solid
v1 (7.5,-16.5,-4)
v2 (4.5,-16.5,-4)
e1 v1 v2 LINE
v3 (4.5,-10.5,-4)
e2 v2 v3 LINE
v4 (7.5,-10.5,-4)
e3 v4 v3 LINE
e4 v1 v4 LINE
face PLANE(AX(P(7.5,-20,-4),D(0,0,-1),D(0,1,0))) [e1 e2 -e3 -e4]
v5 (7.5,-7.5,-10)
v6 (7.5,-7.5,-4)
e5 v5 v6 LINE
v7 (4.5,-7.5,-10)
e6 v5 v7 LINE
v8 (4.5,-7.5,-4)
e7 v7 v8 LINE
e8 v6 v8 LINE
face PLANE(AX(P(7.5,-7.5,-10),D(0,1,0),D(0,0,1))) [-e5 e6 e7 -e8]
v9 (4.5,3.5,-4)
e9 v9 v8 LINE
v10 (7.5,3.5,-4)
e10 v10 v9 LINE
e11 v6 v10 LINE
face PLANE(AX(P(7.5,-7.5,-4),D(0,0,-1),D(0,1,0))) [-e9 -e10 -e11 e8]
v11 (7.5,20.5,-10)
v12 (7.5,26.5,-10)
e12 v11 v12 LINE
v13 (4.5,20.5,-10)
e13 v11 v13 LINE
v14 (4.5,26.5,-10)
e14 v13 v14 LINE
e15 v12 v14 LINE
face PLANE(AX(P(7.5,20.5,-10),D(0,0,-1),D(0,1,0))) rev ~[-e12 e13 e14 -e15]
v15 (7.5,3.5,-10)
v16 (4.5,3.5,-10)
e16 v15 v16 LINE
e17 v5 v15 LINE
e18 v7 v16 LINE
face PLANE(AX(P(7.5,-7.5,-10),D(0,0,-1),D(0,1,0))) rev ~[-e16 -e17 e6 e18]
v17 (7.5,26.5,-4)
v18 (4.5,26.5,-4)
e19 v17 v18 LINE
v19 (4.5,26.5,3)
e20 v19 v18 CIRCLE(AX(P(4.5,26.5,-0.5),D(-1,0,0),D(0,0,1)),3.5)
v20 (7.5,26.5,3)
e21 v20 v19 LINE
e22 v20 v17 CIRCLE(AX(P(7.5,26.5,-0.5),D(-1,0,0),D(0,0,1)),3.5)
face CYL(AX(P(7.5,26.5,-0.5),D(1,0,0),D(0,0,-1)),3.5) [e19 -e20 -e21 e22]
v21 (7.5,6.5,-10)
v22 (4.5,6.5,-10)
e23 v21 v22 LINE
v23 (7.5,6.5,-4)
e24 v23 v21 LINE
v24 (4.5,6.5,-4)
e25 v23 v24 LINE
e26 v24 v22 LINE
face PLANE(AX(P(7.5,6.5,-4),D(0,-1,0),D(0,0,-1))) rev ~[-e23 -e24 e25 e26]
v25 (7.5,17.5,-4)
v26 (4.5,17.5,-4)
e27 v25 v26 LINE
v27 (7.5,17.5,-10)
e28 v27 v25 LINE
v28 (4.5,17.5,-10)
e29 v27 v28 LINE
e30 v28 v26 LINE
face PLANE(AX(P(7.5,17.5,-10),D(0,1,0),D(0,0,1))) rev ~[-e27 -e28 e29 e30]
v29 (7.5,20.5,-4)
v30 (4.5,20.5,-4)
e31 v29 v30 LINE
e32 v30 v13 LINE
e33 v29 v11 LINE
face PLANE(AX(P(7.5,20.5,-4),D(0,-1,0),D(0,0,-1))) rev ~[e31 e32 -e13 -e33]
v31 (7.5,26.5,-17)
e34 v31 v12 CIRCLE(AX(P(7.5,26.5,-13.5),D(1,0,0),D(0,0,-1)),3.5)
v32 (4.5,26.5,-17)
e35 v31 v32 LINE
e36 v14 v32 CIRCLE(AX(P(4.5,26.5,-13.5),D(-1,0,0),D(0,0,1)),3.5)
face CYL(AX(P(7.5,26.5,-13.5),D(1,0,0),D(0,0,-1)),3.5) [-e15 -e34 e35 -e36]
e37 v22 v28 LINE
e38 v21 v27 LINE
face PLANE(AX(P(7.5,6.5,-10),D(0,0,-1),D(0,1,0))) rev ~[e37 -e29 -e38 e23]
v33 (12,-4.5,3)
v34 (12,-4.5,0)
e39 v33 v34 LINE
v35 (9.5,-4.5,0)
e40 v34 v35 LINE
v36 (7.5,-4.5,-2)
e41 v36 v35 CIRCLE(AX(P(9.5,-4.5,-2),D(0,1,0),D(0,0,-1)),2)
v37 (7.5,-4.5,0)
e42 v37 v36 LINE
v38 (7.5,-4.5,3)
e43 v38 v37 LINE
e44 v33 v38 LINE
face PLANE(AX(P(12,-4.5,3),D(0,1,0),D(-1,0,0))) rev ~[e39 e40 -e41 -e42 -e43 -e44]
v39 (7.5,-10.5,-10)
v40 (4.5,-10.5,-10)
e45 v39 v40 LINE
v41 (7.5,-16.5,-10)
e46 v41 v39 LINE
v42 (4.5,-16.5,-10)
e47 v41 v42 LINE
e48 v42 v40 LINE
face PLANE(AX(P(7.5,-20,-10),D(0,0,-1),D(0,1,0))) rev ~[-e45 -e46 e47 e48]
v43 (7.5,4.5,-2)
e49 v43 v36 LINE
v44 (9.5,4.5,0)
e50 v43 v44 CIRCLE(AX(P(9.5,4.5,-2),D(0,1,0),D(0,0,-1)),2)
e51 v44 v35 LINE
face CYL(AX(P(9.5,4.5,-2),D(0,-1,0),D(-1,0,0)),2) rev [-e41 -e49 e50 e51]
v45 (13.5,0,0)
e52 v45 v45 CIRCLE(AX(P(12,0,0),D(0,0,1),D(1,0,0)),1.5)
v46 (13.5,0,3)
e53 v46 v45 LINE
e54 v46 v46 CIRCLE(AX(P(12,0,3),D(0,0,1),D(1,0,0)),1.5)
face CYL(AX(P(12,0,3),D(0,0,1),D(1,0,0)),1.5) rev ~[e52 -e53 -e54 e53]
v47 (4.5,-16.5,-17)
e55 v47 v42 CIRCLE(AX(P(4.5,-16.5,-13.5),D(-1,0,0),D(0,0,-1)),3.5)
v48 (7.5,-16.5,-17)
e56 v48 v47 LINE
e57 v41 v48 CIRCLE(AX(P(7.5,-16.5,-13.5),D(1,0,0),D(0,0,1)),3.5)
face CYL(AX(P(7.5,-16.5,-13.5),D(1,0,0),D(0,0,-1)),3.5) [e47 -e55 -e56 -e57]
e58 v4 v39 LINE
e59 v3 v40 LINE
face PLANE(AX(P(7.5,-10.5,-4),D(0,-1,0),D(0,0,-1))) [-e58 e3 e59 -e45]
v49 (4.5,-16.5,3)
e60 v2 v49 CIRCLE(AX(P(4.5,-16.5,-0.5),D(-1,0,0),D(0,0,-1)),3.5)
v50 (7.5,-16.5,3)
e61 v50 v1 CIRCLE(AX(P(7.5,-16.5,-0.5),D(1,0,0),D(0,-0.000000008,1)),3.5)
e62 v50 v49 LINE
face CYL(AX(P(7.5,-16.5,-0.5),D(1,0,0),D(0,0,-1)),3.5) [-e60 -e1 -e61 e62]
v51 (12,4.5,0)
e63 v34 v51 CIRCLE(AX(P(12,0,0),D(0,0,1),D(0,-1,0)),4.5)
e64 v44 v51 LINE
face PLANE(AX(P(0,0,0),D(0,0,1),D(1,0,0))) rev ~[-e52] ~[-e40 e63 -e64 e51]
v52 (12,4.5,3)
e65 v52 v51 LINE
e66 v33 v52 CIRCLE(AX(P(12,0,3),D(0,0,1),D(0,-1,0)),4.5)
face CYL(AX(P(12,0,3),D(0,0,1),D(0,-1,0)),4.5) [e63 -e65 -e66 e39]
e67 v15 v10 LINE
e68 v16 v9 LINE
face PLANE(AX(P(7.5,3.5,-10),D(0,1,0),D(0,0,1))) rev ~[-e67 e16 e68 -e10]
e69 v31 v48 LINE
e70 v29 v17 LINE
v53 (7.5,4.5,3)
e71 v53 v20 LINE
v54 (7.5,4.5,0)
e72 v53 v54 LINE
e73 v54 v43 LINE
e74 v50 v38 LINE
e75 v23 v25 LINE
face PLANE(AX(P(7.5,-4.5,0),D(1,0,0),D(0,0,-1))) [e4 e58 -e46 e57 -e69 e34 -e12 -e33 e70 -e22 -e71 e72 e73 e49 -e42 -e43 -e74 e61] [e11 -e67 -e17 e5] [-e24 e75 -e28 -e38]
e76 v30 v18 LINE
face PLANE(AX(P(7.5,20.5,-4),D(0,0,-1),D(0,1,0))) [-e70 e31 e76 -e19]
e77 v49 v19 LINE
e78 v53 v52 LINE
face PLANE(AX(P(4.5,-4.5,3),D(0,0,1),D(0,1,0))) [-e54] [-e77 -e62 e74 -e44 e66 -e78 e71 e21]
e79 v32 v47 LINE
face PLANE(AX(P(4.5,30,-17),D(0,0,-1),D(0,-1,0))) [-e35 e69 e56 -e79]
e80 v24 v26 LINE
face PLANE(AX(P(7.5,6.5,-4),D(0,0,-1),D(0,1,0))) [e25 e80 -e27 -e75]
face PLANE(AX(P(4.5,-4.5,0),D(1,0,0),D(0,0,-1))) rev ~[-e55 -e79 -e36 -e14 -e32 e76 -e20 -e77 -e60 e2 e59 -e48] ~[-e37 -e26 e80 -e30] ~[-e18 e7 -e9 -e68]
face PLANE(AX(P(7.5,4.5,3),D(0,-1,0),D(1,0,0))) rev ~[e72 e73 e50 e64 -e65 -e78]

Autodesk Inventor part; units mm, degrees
ref_plane "YZ Plane" through (0, 0, 0) normal (1, 0, 0) x (0, 1, 0)
ref_plane "XZ Plane" through (0, 0, 0) normal (0, 1, 0) x (-1, 0, 0)
ref_plane "XY Plane" through (0, 0, 0) normal (0, 0, 1) x (1, 0, 0)
sketch "Sketch1" plane through (0, 0, 0) normal (0, 0, 1) x (1, 0, 0)
  circle A0 centre (0, 0) radius 1.5
  circle A1 centre (0, 0) radius 4.5
  line L0 (4.5, 0) -> (4.5, 4.5)
  line L1 (4.5, 4.5) -> (0, 4.5)
  line L2 (4.5, 0) -> (4.5, -4.5)
  line L3 (4.5, -4.5) -> (0, -4.5)
  dimension "d0" = 3
  dimension "d1" = 9
extrude "Extrusion1" add sketch "Sketch1" along normal blind 3
sketch "Sketch2" plane through (4.5, -4.5, 0) normal (1, 0, 0) x (0, 0, -1)
  line L0 (0, 0) -> (0, 9) projected
  line L1 (0, 9) -> (-3, 9) projected
  line L2 (-3, 0) -> (-3, 9) projected
  line L3 (0, 0) -> (-3, 0) projected
  line L4 (-3, 9) -> (-3, 0) projected
  line L5 (-3, 0) -> (-3, 4.5)
  line L6 (-3, 4.5) -> (-3, 34.5)
  line L7 (-3, 34.5) -> (17, 34.5)
  line L8 (17, 34.5) -> (17, -15.5)
  line L9 (17, -15.5) -> (-3, -15.5)
  line L10 (-3, -15.5) -> (-3, 4.5)
  point P0 (0, 4.5)
  dimension "d4" = 4.5
  dimension "d5" = 30
  dimension "d6" = 20
  dimension "d7" = 50
extrude "Extrusion2" add sketch "Sketch2" along normal blind 3
sketch "Sketch3" plane through (7.5, -4.5, 0) normal (1, 0, 0) x (0, 0, -1)
  line L0 (-3, -15.5) -> (17, -15.5) projected
  line L1 (17, -15.5) -> (17, 34.5) projected
  line L2 (17, 34.5) -> (-3, 34.5) projected
  line L3 (-3, 34.5) -> (-3, -15.5) projected
  line L4 (-3, 0) -> (-3, -15.5) projected
  line L5 (-3, -15.5) -> (0, -15.5)
  line L6 (-3, -15.5) -> (17, -15.5) projected
  line L7 (0, -15.5) -> (0, 34.5)
  line L8 (17, -15.5) -> (14, -15.5)
  line L9 (14, -15.5) -> (14, 34.5)
  line L10 (17, 34.5) -> (-3, 34.5) projected
  line L11 (0, -15.5) -> (0, 9.5)
  line L12 (0, 9.5) -> (0, 11)
  line L13 (0, 11) -> (14, 11)
  line L14 (14, 11) -> (14, 8)
  line L15 (14, 8) -> (0, 8)
  line L16 (0, 8) -> (0, 9.5)
  line L17 (0, 9.5) -> (0, -4.5)
  line L18 (0, -4.5) -> (0, -6)
  line L19 (0, -6) -> (14, -6)
  line L20 (14, -6) -> (14, -3)
  line L21 (14, -3) -> (0, -3)
  line L22 (0, 9.5) -> (0, 23.5)
  line L23 (0, 23.5) -> (0, 25)
  line L24 (0, 25) -> (14, 25)
  line L25 (14, 25) -> (14, 22)
  line L26 (14, 22) -> (0, 22)
  line L27 (0, -15.5) -> (4, -15.5)
  line L28 (4, -15.5) -> (4, 34.5)
  line L29 (14, -15.5) -> (10, -15.5)
  line L30 (10, -15.5) -> (10, 34.5)
  point P0 (0, 4.5)
  point P1 (10, -6)
  point P2 (4, -6)
  point P3 (10, -3)
  point P4 (10, 8)
  point P5 (4, 8)
  point P6 (4, -3)
  point P7 (10, 11)
  point P8 (10, 22)
  point P9 (4, 22)
  point P10 (4, 11)
  point P11 (10, 25)
  point P12 (4, 25)
  dimension "d10" = 3
  dimension "d11" = 3
  dimension "d12" = 25
  dimension "d13" = 1.5
  dimension "d14" = 3
  dimension "d15" = 14
  dimension "d16" = 1.5
  dimension "d17" = 3
  dimension "d18" = 14
  dimension "d19" = 1.5
  dimension "d20" = 3
  dimension "d21" = 4
  dimension "d22" = 4
extrude "Extrusion3" cut sketch "Sketch3" against normal blind 3 contours L28 L19 L30 L0 | L28 L15 L30 L21 | L2 L30 L24 L28 | L28 L26 L30 L13
sketch "Sketch4" plane through (7.5, -4.5, 0) normal (1, 0, 0) x (0, 0, -1)
  line L0 (10, -6) -> (10, -15.5) projected
  line L1 (10, -15.5) -> (17, -15.5) projected
  line L2 (17, -15.5) -> (17, 34.5) projected
  line L3 (17, 34.5) -> (10, 34.5) projected
  line L4 (10, 34.5) -> (10, 25) projected
  line L5 (10, 25) -> (4, 25) projected
  line L6 (4, 25) -> (4, 34.5) projected
  line L7 (4, 34.5) -> (-3, 34.5) projected
  line L8 (-3, 34.5) -> (-3, -15.5) projected
  line L9 (-3, -15.5) -> (4, -15.5) projected
  line L10 (4, -15.5) -> (4, -6) projected
  line L11 (4, -6) -> (10, -6) projected
  line L12 (4, -3) -> (4, 8) projected
  line L13 (4, 8) -> (10, 8) projected
  line L14 (10, 8) -> (10, -3) projected
  line L15 (10, -3) -> (4, -3) projected
  line L16 (4, 11) -> (4, 22) projected
  line L17 (4, 22) -> (10, 22) projected
  line L18 (10, 22) -> (10, 11) projected
  line L19 (10, 11) -> (4, 11) projected
  line L20 (-3, -15.5) -> (0.5, -15.5)
  line L21 (-3, -15.5) -> (4, -15.5) projected
  line L22 (0.5, -15.5) -> (0.5, -12)
  circle A0 centre (0.5, -12) radius 3.5
  line L23 (-3, -15.5) -> (-3, 9.5)
  line L24 (-3, 34.5) -> (-3, -15.5) projected
  line L25 (-3, 9.5) -> (5.4894, 9.5)
  circle A1 centre (0.5, 31) radius 3.5
  line L26 (-3, 9.5) -> (7, 9.5)
  line L27 (7, 9.5) -> (7, 17.879)
  circle A2 centre (13.5, -12) radius 3.5
  circle A3 centre (13.5, 31) radius 3.5
  point P0 (0, 4.5)
  point P1 (-3, 31)
  point P2 (0.5, 34.5)
  point P3 (4, 31)
  point P4 (10, 31)
  point P5 (13.5, 34.5)
  point P6 (17, 31)
  point P7 (17, -12)
  point P8 (13.5, -15.5)
  point P9 (10, -12)
  point P10 (-3, -12)
  point P11 (4, -12)
  dimension "d25" = 3.5
  dimension "d26" = 3.5
  dimension "d27" = 25
extrude "Extrusion4" cut sketch "Sketch4" against normal blind 3 contours A2 L1 L0 | L2 L1 A2 | L10 L9 A0 | A3 L3 L2 | L9 L8 A0 | A3 L4 L3 | L8 L7 A1 | L7 L6 A1
fillet "Fillet1" radius 2 1 edges at (4.5, 0, 0)
sketch "Sketch5" plane through (0, 0, 3) normal (0, 0, 1) x (1, 0, 0)
  circle A0 centre (0, 0) radius 1.5 projected
  line L0 (4.5, 26.5) -> (7.5, 26.5) projected
  line L1 (4.5, 26.5) -> (4.5, 4.5) projected
  line L2 (4.5, 4.5) -> (0, 4.5) projected
  arc A1 (0, 4.5) -> (0, -4.5) centre (0, 0) ccw projected
  line L3 (0, -4.5) -> (4.5, -4.5) projected
  line L4 (4.5, -4.5) -> (4.5, -16.5) projected
  line L5 (4.5, -16.5) -> (7.5, -16.5) projected
  line L6 (7.5, 26.5) -> (7.5, -16.5) projected
  line L7 (4.5, 4.5) -> (4.5, -4.5) projected
  line L8 (4.5, 0) -> (6, 0)
  line L9 (6, 0) -> (6, 8.875)
  circle A2 centre (12, 0) radius 1.5
  line L10 (7.5, 4.5) -> (12, 4.5)
  arc A3 (12, -4.5) -> (12, 4.5) centre (12, 0) ccw
  line L11 (12, -4.5) -> (7.5, -4.5)
  dimension "d31" = 1.5
extrude "Extrusion5" add sketch "Sketch5" against normal blind 3 contours L10 A3 L11 L6
sketch "Sketch6" plane through (0, 0, 3) normal (0, 0, 1) x (1, 0, 0)
  line L0 (4.5, 4.5) -> (4.5, -4.5) projected
  circle A0 centre (0, 0) radius 1.5 projected
  arc A1 (0, 4.5) -> (0, -4.5) centre (0, 0) ccw projected
  line L1 (4.5, 4.5) -> (0, 4.5) projected
  line L2 (0, -4.5) -> (4.5, -4.5) projected
extrude "Extrusion6" cut sketch "Sketch6" against normal through all
fillet "Fillet2" radius 2 1 edges at (7.5, 0, 0)
properties part number "agarre_derecha"
